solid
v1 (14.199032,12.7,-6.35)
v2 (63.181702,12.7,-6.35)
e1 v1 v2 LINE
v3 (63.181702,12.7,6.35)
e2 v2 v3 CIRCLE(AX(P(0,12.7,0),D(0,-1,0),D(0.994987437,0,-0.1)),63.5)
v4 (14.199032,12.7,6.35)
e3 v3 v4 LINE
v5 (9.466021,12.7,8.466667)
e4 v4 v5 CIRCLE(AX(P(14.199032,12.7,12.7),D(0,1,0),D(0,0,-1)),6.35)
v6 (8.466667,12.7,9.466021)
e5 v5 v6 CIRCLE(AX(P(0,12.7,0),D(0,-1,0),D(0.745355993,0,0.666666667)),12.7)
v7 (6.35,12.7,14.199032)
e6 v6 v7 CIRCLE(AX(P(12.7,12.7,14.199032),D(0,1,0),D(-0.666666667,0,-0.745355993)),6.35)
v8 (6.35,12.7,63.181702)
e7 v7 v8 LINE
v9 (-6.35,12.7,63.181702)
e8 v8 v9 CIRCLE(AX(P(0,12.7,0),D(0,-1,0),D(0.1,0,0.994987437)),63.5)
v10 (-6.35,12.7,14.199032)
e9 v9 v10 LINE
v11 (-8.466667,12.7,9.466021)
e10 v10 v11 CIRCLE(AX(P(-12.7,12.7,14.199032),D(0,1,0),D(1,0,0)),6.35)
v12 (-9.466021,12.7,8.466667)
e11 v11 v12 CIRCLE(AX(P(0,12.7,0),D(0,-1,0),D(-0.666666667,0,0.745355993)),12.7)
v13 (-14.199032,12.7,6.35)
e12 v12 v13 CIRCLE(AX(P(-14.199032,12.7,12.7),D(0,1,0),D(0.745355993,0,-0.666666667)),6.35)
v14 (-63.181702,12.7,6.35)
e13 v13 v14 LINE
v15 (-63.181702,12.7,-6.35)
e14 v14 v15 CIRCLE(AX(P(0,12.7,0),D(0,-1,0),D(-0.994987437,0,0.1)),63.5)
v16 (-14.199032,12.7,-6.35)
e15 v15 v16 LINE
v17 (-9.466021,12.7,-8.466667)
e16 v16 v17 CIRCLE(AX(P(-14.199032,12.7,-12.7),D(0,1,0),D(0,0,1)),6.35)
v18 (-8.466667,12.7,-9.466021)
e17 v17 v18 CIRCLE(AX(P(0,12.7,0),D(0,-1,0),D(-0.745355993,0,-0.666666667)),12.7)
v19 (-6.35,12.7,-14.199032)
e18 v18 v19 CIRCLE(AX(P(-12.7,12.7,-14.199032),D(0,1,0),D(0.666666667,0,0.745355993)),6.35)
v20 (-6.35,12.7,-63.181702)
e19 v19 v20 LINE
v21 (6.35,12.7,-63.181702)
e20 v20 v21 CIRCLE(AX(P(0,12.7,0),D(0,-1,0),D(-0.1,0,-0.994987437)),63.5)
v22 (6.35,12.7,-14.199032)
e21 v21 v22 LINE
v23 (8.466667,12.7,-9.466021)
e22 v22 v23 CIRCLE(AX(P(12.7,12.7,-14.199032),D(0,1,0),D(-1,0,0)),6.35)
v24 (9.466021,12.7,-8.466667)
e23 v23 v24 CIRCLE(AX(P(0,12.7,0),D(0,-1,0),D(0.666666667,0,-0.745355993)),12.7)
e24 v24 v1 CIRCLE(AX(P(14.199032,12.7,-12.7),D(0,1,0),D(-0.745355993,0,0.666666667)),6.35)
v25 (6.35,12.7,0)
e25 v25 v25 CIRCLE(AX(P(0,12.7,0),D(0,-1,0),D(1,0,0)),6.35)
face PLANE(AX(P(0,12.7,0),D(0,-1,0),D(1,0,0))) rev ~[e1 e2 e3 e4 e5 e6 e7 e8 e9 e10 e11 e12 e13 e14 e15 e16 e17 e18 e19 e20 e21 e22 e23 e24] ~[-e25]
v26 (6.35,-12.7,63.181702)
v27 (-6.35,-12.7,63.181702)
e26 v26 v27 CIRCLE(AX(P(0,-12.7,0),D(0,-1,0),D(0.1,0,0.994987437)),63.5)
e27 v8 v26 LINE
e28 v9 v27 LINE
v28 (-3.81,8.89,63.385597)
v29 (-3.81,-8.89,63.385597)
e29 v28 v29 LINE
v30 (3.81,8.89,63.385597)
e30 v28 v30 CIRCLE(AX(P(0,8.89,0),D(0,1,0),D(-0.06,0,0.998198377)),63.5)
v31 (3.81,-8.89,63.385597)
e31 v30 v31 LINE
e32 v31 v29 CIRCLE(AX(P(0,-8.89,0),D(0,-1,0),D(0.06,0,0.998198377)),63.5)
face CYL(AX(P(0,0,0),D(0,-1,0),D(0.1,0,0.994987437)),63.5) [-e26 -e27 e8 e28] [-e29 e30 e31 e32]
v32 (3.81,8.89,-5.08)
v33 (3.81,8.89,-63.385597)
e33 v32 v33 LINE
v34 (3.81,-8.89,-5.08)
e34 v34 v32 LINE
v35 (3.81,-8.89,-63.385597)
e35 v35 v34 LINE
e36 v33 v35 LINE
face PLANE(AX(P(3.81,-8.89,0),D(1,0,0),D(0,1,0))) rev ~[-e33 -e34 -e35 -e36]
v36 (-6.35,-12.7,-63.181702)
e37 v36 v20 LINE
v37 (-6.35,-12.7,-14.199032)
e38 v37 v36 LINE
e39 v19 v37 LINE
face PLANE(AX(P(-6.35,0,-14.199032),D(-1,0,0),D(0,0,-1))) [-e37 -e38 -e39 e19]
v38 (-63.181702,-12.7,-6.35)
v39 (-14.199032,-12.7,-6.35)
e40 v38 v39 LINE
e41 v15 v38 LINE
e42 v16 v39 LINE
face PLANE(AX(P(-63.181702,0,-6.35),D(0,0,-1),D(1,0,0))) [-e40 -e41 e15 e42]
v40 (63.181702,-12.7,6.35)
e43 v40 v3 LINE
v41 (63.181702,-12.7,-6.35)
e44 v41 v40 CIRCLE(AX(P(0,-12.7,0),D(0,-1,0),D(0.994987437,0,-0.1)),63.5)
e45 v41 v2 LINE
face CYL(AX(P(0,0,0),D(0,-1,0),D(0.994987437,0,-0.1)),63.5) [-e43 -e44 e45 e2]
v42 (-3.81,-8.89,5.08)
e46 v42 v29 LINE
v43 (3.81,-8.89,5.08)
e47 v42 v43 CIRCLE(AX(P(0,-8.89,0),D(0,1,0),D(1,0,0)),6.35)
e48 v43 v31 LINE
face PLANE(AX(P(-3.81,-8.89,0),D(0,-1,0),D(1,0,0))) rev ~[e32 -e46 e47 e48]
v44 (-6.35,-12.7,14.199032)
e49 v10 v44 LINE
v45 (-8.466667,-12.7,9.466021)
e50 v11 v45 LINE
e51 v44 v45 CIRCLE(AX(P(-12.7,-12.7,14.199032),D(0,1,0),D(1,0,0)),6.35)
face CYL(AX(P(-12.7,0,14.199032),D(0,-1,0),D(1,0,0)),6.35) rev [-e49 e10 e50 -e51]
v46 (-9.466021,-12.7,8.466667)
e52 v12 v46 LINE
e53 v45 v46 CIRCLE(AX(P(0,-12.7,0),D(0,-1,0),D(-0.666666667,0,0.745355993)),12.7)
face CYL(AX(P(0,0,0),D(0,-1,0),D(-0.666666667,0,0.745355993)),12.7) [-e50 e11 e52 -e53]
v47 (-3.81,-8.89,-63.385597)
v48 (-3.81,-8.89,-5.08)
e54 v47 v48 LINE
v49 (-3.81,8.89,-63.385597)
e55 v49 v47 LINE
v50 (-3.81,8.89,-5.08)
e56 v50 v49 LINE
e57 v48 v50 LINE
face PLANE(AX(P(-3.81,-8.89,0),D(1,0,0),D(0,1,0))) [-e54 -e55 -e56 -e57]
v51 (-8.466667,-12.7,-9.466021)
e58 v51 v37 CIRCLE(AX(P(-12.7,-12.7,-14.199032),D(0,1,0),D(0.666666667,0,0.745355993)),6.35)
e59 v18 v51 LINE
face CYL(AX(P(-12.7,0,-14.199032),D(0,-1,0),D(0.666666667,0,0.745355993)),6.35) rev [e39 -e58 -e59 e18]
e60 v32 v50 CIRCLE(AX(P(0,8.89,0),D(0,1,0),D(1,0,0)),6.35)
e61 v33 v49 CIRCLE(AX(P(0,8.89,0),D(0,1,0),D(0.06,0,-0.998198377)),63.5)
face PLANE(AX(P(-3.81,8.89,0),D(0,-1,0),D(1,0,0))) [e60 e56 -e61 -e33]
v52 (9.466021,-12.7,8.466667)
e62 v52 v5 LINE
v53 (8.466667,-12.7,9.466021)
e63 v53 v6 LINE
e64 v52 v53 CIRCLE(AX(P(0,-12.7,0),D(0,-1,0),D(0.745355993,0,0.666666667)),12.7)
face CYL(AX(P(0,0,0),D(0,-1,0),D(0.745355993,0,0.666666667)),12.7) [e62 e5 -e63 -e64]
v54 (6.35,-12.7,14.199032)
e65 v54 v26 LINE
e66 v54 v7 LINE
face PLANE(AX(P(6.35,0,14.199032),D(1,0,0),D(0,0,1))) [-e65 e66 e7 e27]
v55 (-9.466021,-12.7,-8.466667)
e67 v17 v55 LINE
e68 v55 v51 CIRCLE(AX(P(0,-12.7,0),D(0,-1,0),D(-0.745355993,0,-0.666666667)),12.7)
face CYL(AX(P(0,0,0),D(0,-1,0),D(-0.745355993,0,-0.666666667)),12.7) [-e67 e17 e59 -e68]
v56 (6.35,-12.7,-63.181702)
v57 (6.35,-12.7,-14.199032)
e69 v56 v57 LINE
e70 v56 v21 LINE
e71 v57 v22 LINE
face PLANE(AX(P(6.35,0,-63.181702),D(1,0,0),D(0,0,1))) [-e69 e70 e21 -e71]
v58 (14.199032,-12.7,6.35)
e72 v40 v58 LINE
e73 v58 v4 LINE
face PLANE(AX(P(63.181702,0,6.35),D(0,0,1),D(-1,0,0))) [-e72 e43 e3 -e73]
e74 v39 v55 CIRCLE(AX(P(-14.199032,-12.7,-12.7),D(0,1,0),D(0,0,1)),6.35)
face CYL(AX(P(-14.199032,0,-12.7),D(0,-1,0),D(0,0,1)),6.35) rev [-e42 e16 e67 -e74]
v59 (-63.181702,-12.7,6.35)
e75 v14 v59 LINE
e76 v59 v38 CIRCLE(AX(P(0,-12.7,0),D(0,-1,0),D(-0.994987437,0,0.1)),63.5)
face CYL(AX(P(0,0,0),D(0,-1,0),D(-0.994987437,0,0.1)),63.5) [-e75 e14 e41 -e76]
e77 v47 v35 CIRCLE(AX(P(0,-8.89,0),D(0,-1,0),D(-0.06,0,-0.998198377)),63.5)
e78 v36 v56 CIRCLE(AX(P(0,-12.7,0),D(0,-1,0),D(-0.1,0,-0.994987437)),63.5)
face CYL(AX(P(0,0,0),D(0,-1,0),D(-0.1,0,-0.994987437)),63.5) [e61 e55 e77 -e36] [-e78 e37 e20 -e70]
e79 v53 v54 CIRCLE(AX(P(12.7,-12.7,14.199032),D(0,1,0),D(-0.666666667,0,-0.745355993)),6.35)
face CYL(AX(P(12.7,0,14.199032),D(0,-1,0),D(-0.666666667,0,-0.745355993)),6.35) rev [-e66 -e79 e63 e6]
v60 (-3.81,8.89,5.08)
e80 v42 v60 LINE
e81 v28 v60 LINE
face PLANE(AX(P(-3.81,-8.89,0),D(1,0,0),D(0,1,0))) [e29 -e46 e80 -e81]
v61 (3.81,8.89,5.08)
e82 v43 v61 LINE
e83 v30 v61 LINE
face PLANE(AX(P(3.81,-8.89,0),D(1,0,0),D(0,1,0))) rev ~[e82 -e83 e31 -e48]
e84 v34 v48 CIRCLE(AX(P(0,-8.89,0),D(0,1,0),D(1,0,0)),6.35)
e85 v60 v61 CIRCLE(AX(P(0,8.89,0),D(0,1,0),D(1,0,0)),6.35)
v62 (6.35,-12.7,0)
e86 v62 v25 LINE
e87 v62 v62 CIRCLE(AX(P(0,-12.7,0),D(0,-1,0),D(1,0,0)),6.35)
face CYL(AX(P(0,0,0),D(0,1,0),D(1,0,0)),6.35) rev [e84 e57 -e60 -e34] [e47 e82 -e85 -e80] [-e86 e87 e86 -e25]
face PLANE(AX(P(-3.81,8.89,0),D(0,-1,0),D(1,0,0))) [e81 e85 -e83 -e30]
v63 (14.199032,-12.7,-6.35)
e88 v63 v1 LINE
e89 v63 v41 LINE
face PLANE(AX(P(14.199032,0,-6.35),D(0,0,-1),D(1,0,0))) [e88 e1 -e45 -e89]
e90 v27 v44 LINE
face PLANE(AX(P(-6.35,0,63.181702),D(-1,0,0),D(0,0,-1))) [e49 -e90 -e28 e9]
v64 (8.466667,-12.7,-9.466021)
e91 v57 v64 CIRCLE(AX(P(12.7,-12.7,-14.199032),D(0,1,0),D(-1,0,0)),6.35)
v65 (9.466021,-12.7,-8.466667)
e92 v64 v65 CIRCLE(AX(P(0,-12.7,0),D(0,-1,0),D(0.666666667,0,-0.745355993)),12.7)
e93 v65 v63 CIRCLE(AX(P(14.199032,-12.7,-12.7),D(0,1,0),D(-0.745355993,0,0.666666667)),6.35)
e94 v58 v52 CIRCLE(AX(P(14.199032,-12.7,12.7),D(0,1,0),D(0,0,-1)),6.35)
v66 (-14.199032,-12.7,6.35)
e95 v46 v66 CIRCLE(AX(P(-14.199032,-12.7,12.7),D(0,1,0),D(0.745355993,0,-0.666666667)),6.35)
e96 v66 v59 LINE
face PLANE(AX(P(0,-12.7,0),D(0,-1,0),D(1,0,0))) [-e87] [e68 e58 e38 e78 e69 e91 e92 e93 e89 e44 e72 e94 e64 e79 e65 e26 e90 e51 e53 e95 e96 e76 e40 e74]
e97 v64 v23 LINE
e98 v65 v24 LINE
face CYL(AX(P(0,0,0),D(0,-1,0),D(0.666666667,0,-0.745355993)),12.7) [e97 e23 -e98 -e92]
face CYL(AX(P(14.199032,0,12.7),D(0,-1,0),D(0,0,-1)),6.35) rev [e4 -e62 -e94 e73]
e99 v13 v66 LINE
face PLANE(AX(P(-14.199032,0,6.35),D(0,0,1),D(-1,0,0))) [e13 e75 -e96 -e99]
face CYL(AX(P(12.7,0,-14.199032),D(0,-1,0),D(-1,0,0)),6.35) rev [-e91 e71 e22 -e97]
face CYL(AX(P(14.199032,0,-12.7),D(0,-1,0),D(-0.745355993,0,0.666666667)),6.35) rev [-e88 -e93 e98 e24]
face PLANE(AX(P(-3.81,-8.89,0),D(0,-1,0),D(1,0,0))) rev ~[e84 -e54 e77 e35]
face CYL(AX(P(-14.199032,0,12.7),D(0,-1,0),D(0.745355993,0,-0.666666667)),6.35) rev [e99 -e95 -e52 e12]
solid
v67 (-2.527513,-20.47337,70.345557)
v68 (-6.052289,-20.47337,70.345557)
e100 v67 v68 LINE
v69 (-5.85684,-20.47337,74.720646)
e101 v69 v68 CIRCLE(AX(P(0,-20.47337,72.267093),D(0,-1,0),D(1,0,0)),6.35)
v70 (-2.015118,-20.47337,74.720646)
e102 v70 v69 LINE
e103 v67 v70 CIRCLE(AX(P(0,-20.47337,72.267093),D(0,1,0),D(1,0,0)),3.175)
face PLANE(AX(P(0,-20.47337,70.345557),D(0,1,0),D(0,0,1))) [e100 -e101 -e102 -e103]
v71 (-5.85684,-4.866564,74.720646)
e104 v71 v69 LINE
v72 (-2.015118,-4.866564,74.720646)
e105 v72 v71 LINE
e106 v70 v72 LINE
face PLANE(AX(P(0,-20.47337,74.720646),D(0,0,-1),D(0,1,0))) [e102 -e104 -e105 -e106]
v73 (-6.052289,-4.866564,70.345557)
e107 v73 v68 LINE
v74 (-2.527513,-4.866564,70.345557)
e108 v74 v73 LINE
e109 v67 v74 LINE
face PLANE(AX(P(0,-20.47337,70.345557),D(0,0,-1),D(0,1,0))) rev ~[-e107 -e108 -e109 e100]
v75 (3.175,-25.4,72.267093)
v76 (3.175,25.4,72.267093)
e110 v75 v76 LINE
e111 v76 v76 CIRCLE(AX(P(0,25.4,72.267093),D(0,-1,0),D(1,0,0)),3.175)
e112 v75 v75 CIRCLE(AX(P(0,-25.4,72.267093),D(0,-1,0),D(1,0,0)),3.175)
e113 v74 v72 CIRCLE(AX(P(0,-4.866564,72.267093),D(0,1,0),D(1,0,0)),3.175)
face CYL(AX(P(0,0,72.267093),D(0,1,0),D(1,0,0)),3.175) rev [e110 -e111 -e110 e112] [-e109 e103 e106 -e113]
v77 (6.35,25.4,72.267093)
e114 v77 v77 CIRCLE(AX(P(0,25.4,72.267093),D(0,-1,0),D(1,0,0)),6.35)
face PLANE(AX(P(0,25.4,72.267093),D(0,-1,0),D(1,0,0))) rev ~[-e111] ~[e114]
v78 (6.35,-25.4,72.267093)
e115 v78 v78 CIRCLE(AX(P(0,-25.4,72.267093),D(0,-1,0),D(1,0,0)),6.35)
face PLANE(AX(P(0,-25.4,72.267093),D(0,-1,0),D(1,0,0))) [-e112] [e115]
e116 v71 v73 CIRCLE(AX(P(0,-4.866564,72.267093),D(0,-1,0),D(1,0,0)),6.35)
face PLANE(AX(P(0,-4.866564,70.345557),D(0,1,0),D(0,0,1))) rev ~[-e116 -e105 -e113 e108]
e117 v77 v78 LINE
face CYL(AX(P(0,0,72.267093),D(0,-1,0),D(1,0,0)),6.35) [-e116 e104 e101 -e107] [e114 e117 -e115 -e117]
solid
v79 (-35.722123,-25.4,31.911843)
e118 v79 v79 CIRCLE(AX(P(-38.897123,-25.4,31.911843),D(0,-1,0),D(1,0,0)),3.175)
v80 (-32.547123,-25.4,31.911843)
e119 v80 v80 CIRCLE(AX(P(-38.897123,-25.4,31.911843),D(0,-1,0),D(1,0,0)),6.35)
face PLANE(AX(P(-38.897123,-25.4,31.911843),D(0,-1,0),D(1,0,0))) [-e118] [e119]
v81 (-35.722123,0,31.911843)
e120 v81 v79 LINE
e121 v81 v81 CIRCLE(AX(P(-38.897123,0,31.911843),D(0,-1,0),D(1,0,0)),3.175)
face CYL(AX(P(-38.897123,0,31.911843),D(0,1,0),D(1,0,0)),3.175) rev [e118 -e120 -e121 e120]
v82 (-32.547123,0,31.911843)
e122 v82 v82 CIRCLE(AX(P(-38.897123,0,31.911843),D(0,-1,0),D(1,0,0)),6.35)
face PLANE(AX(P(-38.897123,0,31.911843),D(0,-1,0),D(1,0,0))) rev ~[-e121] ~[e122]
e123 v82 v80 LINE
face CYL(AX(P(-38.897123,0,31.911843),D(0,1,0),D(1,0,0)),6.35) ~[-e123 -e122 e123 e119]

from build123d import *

# Parameters (mm, degrees)
F0_R     = 6.35
F1_DEPTH = 12.7
F2_W     = 7.62
F2_H     = 17.78
F3_DEPTH = 63.5
F4_R     = 6.35
F4_R_2   = 3.175
F5_DEPTH = 25.4
F6_W     = 15.6068057844
F6_H     = 4.3750892854
F7_DEPTH = 7.62
F8_R     = 6.35
F8_R_2   = 3.175
F9_DEPTH = 25.4


with BuildPart() as f1:
    # F0 (on Front) → F1 (new body, symmetric)
    with BuildSketch(Plane.XZ):
        with BuildLine():
            Line((6.35, 14.1990316571), (6.35, 63.1817022563))
            ThreePointArc((6.35, 63.1817022563), (0, 63.5), (-6.35, 63.1817022563))
            Line((-6.35, 63.1817022563), (-6.35, 14.1990316571))
            ThreePointArc((-6.35, 14.1990316571), (-6.9032695997, 11.6066550127), (-8.4666666667, 9.4660211047))
            ThreePointArc((-8.4666666667, 9.4660211047), (-8.9802561211, 8.9802561211), (-9.4660211047, 8.4666666667))
            ThreePointArc((-9.4660211047, 8.4666666667), (-11.6066550127, 6.9032695997), (-14.1990316571, 6.35))
            Line((-14.1990316571, 6.35), (-63.1817022563, 6.35))
            ThreePointArc((-63.1817022563, 6.35), (-63.5, 0), (-63.1817022563, -6.35))
            Line((-63.1817022563, -6.35), (-14.1990316571, -6.35))
            ThreePointArc((-14.1990316571, -6.35), (-11.6066550127, -6.9032695997), (-9.4660211047, -8.4666666667))
            ThreePointArc((-9.4660211047, -8.4666666667), (-8.9802561211, -8.9802561211), (-8.4666666667, -9.4660211047))
            ThreePointArc((-8.4666666667, -9.4660211047), (-6.9032695997, -11.6066550127), (-6.35, -14.1990316571))
            Line((-6.35, -14.1990316571), (-6.35, -63.1817022563))
            ThreePointArc((-6.35, -63.1817022563), (0, -63.5), (6.35, -63.1817022563))
            Line((6.35, -63.1817022563), (6.35, -14.1990316571))
            ThreePointArc((6.35, -14.1990316571), (6.9032695997, -11.6066550127), (8.4666666667, -9.4660211047))
            ThreePointArc((8.4666666667, -9.4660211047), (8.9802561211, -8.9802561211), (9.4660211047, -8.4666666667))
            ThreePointArc((9.4660211047, -8.4666666667), (11.6066550127, -6.9032695997), (14.1990316571, -6.35))
            Line((14.1990316571, -6.35), (63.1817022563, -6.35))
            ThreePointArc((63.1817022563, -6.35), (63.5, 0), (63.1817022563, 6.35))
            Line((63.1817022563, 6.35), (14.1990316571, 6.35))
            ThreePointArc((14.1990316571, 6.35), (11.6066550127, 6.9032695997), (9.4660211047, 8.4666666667))
            ThreePointArc((9.4660211047, 8.4666666667), (8.9802561211, 8.9802561211), (8.4666666667, 9.4660211047))
            ThreePointArc((8.4666666667, 9.4660211047), (6.9032695997, 11.6066550127), (6.35, 14.1990316571))
        make_face()
        Circle(F0_R, mode=Mode.SUBTRACT)
    extrude(amount=F1_DEPTH, both=True)

    # F2 (on Top) → F3 (cut, symmetric)
    with BuildSketch(Plane.XY):
        Rectangle(F2_W, F2_H)
    extrude(amount=F3_DEPTH, both=True, mode=Mode.SUBTRACT)


with BuildPart() as f5:
    # F4 (on Front) → F5 (new body, symmetric)
    with BuildSketch(Plane.XZ):
        with Locations((0, 72.2670927644)):
            Circle(F4_R)
        with Locations((0, 72.2670927644)):
            Circle(F4_R_2, mode=Mode.SUBTRACT)
    extrude(amount=F5_DEPTH, both=True)

    # F6 (on Right) → F7 (cut)
    with BuildSketch(Plane.YZ):
        with Locations((-12.669967137, 72.5331013586)):
            Rectangle(F6_W, F6_H)
    extrude(amount=-F7_DEPTH, mode=Mode.SUBTRACT)


with BuildPart() as f9:
    # F8 (on Front) → F9 (new body)
    with BuildSketch(Plane.XZ):
        with Locations((-38.8971231878, 31.911842525)):
            Circle(F8_R)
        with Locations((-38.8971231878, 31.911842525)):
            Circle(F8_R_2, mode=Mode.SUBTRACT)
    extrude(amount=F9_DEPTH)


solid = Compound([f1.part, f5.part, f9.part])
